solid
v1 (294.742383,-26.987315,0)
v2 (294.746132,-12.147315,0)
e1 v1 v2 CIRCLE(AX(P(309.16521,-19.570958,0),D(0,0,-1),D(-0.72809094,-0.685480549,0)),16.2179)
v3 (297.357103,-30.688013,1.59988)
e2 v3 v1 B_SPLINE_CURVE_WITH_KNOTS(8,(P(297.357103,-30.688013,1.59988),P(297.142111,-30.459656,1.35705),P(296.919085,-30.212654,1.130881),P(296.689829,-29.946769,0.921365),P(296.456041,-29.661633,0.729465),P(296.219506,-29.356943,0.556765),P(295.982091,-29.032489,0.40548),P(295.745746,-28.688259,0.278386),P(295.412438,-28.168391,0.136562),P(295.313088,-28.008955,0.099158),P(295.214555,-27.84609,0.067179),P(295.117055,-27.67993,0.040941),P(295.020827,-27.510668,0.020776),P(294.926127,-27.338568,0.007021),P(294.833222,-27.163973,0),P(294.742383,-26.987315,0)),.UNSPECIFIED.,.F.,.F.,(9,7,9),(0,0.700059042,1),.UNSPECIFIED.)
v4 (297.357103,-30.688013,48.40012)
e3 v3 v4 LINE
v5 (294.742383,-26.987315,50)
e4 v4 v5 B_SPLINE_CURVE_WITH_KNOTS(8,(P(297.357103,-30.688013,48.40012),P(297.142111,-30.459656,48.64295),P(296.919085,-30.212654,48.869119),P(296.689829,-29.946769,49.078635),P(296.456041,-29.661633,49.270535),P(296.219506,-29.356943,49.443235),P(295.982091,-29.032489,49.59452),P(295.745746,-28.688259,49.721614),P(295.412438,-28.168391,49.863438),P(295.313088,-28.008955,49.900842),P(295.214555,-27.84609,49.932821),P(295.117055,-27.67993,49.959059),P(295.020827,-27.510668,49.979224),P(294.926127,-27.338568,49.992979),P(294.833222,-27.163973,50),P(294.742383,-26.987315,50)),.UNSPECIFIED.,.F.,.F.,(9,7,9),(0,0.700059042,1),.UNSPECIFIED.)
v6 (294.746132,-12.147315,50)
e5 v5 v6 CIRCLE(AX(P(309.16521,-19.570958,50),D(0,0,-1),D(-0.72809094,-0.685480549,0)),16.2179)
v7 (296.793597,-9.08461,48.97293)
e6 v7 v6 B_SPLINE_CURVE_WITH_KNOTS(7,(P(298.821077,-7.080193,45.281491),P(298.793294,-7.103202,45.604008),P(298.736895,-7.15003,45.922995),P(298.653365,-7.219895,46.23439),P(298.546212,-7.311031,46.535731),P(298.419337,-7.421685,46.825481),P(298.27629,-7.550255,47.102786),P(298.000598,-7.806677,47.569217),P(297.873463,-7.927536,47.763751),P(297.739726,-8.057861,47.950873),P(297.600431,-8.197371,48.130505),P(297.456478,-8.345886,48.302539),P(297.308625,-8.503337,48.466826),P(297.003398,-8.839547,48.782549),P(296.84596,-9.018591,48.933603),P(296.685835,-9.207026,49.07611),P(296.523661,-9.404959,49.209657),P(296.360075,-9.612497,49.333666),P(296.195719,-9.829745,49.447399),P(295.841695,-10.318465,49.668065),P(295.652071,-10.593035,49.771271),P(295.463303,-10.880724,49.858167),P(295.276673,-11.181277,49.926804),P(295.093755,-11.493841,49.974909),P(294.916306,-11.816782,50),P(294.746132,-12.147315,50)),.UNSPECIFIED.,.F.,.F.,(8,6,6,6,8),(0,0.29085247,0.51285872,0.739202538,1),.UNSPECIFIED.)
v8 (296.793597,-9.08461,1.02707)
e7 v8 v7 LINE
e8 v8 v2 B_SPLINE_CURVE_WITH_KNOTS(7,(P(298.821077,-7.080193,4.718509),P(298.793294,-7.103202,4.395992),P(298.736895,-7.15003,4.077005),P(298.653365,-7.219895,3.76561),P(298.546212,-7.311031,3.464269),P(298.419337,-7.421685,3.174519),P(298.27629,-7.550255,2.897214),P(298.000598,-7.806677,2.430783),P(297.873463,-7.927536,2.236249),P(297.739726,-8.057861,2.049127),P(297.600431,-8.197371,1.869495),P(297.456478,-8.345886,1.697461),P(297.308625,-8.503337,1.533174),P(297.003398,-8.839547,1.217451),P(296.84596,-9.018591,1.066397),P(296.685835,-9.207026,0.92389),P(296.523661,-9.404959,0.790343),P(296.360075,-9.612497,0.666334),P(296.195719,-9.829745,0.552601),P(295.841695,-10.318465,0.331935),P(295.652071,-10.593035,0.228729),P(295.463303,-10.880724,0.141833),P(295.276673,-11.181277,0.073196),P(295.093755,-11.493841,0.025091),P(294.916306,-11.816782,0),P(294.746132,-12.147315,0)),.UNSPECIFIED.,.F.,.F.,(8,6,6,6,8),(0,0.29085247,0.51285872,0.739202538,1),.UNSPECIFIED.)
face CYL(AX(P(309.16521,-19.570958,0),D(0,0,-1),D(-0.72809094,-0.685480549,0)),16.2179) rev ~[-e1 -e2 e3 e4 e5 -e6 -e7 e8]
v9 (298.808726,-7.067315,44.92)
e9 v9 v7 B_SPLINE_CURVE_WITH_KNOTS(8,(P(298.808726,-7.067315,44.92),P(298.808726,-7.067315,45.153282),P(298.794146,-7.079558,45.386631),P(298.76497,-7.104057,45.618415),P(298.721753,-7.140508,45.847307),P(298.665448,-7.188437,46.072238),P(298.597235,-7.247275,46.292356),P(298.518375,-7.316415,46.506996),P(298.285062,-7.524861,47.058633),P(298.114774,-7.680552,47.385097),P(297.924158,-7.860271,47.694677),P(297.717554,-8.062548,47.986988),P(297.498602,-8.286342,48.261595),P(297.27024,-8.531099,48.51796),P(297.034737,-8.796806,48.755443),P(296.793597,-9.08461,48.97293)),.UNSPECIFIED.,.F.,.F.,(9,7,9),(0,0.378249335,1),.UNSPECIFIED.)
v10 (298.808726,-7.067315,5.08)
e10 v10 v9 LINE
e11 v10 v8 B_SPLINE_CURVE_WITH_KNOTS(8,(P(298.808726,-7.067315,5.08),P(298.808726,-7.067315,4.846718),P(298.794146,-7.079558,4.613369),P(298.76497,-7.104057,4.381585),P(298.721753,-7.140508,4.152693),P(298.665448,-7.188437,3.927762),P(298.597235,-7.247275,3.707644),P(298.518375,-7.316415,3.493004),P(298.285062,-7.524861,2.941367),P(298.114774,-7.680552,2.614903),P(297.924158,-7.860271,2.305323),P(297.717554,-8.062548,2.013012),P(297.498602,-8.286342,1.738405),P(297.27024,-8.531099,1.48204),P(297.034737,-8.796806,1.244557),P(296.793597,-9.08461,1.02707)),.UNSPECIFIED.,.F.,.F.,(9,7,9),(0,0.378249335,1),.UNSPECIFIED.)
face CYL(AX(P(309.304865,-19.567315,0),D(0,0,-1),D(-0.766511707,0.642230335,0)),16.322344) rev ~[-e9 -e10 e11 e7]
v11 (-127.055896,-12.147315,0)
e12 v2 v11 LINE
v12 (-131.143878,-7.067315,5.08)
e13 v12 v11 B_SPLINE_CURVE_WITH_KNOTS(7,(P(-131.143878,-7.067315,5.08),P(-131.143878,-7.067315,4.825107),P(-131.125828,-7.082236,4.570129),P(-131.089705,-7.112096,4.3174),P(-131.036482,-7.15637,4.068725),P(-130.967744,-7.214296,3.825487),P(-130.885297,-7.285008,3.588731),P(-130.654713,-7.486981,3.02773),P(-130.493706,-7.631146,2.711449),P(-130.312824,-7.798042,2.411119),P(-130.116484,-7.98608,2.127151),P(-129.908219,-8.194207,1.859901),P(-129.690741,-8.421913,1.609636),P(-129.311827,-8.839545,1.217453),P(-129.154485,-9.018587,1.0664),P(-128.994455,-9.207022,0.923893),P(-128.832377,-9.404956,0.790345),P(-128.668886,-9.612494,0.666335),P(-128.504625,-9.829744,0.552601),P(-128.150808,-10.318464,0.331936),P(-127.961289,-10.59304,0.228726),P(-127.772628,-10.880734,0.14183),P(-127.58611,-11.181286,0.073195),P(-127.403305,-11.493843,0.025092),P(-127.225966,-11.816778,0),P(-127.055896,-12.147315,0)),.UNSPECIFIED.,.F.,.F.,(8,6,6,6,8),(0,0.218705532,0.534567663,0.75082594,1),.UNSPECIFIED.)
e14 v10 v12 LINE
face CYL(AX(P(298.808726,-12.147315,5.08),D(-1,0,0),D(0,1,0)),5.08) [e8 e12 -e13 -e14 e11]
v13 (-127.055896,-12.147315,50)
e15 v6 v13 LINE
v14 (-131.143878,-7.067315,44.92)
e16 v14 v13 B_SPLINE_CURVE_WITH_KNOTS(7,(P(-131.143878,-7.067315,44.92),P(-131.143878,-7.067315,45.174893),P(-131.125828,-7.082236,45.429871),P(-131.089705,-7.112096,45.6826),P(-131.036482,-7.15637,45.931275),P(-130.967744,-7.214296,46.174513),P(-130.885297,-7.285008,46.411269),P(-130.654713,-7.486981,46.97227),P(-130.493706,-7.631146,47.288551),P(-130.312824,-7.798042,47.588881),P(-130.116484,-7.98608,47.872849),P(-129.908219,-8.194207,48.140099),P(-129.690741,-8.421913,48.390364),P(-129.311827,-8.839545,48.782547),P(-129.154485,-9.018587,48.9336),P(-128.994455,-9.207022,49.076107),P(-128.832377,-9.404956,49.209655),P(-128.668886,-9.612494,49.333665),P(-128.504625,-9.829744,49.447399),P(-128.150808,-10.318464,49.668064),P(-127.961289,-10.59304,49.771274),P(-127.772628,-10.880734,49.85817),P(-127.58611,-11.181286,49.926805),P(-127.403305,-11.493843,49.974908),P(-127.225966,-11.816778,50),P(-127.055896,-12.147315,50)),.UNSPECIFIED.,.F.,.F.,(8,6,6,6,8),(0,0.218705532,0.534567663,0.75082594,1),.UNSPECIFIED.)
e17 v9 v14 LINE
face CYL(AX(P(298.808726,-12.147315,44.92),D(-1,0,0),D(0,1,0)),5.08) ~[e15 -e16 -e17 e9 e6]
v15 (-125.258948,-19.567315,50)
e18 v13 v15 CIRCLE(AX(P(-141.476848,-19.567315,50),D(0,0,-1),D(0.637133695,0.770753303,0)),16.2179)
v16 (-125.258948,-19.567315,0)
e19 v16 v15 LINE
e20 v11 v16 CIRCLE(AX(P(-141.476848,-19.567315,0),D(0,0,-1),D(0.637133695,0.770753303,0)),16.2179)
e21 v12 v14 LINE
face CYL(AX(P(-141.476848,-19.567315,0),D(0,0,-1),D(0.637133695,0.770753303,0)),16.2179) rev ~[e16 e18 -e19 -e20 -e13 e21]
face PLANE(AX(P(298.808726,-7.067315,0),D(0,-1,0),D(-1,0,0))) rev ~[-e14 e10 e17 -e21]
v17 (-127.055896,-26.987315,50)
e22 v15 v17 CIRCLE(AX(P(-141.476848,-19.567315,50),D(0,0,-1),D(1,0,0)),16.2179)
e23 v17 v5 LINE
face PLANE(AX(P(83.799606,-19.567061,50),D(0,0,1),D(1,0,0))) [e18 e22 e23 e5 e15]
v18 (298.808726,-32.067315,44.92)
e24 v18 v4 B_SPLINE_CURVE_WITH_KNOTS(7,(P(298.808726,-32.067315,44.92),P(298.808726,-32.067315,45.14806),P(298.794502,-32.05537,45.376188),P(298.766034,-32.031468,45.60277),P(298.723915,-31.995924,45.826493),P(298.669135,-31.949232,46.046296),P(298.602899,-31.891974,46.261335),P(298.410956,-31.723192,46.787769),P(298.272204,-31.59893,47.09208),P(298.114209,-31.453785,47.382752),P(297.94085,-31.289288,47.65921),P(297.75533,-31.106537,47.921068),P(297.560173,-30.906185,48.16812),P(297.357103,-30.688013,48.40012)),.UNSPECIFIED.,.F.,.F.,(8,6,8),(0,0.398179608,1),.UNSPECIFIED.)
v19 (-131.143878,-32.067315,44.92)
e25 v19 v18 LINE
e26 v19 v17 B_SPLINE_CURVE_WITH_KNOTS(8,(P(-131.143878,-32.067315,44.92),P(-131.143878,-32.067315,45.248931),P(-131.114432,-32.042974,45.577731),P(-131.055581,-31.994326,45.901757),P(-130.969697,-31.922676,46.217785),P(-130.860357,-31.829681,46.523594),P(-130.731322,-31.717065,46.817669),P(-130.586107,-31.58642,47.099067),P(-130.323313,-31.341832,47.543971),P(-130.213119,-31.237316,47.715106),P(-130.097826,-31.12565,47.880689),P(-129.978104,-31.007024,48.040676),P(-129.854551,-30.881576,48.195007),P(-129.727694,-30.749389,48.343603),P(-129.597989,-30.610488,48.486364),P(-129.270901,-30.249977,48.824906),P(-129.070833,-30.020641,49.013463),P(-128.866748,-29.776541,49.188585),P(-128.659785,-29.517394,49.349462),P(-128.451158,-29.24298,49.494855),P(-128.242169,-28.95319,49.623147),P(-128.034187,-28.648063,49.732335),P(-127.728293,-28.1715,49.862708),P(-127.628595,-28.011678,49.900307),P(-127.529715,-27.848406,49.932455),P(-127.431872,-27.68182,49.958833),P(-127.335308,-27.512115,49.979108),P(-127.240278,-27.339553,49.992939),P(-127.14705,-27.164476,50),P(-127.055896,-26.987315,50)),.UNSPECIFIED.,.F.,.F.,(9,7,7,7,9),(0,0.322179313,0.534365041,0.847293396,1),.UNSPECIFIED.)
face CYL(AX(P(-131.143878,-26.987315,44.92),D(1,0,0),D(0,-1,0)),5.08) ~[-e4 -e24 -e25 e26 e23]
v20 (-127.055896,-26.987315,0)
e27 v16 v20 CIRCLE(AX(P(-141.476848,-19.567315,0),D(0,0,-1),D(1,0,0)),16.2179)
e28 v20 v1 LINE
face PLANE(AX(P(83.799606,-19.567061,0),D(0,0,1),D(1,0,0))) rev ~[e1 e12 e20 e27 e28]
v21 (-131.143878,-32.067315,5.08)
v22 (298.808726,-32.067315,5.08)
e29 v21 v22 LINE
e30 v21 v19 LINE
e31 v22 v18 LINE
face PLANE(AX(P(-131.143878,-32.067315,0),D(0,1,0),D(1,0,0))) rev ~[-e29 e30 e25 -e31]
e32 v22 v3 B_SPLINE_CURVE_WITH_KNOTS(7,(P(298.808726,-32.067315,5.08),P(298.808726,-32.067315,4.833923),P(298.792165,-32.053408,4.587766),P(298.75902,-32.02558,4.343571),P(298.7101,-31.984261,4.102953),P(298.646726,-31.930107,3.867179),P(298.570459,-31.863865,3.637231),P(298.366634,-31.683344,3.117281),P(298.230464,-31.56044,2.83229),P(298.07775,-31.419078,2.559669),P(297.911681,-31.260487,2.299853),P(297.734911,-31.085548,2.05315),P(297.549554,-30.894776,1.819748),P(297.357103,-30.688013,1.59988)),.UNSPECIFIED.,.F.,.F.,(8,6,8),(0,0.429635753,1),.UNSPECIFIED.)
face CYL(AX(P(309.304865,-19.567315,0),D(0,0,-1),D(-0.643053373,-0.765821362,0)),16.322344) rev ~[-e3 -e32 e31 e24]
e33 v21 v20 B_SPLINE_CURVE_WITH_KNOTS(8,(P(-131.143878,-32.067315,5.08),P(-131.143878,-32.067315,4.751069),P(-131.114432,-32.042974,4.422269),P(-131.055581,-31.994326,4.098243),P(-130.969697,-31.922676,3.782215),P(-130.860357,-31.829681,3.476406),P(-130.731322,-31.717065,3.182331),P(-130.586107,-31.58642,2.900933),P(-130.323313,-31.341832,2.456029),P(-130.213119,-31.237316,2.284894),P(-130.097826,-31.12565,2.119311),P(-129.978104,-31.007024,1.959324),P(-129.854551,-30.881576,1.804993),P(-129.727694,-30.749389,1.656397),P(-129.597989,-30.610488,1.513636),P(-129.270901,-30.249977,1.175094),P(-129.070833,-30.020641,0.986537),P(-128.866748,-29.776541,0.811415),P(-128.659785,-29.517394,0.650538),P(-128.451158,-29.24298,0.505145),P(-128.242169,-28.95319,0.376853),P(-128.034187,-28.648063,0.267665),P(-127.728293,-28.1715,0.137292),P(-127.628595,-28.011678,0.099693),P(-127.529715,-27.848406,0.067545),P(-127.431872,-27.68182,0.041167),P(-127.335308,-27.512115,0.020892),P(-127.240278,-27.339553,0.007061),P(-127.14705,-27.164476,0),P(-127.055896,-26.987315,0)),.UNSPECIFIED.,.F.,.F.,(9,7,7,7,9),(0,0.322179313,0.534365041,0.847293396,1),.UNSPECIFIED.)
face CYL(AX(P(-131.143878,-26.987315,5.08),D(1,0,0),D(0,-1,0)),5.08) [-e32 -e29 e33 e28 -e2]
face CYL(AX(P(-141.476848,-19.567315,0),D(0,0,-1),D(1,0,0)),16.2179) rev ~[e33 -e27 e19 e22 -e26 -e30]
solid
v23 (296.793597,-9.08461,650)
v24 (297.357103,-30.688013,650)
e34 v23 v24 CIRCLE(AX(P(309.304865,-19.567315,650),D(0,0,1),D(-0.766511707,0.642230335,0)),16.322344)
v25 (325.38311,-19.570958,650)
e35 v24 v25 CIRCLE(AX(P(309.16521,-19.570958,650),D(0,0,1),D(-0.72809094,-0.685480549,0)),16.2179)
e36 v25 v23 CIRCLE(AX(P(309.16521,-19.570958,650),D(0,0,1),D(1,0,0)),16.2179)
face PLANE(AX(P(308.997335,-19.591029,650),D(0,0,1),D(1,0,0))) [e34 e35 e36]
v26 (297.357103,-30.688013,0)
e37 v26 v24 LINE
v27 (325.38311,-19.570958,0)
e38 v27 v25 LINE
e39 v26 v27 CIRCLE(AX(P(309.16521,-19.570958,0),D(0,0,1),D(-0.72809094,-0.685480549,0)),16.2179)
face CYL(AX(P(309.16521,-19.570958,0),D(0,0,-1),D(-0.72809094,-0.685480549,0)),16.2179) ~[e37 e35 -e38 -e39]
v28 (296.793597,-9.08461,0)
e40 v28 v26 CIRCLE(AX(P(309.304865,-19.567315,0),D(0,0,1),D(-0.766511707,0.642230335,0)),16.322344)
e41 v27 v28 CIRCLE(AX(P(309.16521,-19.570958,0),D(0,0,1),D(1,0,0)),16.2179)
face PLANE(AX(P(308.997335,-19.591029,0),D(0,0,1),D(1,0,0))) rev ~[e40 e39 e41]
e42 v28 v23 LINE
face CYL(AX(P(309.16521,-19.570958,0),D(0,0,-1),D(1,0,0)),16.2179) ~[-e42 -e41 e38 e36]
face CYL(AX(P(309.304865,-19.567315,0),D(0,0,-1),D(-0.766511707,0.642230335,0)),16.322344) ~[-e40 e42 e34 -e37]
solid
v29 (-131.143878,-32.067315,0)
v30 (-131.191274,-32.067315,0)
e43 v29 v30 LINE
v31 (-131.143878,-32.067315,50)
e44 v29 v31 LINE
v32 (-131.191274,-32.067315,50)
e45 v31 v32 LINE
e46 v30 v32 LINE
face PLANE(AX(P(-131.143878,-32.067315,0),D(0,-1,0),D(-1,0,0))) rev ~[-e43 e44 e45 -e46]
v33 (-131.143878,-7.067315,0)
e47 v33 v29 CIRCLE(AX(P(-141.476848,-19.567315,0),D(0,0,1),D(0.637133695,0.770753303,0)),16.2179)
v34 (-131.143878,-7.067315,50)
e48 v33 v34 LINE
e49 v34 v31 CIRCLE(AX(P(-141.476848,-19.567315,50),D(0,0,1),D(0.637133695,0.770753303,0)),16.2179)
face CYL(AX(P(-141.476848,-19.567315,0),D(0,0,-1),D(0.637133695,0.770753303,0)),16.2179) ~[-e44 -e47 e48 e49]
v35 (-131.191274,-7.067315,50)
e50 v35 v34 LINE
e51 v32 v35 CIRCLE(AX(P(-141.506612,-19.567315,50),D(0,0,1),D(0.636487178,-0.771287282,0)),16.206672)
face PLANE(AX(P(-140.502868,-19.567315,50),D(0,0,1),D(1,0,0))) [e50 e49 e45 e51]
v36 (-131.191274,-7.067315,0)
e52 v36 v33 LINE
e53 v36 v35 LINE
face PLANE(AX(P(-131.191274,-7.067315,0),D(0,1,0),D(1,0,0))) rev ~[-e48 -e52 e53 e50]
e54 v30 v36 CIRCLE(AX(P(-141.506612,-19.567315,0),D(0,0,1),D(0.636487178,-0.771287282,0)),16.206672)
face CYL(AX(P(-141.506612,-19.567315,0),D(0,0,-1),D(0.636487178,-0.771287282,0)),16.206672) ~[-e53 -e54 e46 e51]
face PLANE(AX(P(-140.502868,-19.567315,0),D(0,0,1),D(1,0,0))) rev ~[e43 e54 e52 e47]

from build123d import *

# Parameters (mm, degrees)
F1_DEPTH = 50
F2_DEPTH = 650
F3_R     = 5.08


with BuildPart() as f1:
    # F0 (on Top) → F1 (new body)
    with BuildSketch(Plane.XY):
        with BuildLine():
            ThreePointArc((-131.1912735713, -32.0673150737), (-125.2999405011, -19.5673150737), (-131.1912735713, -7.0673150737))
            Line((-131.1912735713, -7.0673150737), (-131.1438777998, -7.0673150737))
            ThreePointArc((-131.1438777998, -7.0673150737), (-157.6947483509, -19.5673150737), (-131.1438777998, -32.0673150737))
            Line((-131.1438777998, -32.0673150737), (-131.1912735713, -32.0673150737))
        make_face()
    extrude(amount=F1_DEPTH)


with BuildPart() as f1b:
    # F0 (on Top) → F1, piece 2 (new body)
    with BuildSketch(Plane.XY):
        with BuildLine():
            Line((298.8087264287, -7.0673150737), (-131.1438777998, -7.0673150737))
            ThreePointArc((-131.1438777998, -7.0673150737), (-126.8037545477, -12.6593053274), (-125.2589483509, -19.5673150737))
            ThreePointArc((-125.2589483509, -19.5673150737), (-126.8037545477, -26.4753248199), (-131.1438777998, -32.0673150737))
            Line((-131.1438777998, -32.0673150737), (298.8087264287, -32.0673150737))
            ThreePointArc((298.8087264287, -32.0673150737), (298.0617434777, -31.3999455205), (297.3571034719, -30.688012861))
            ThreePointArc((297.3571034719, -30.688012861), (292.9528239105, -19.9938442344), (296.7935969923, -9.084610384))
            ThreePointArc((296.7935969923, -9.084610384), (297.7570271304, -8.0318755339), (298.8087264287, -7.0673150737))
        make_face()
    extrude(amount=F1_DEPTH)

    # F3
    f3_edges = [f1b.edges().sort_by_distance(p)[0] for p in [
        (83.832424, -32.067315, 50),
        (83.832424, -7.067315, 50),
        (83.832424, -32.067315, 0),
        (83.832424, -7.067315, 0),
    ]]
    fillet(f3_edges, radius=F3_R)


with BuildPart() as f2:
    # F0 (on Top) → F2 (new body)
    with BuildSketch(Plane.XY):
        with BuildLine():
            ThreePointArc((325.3831095318, -19.5709578693), (314.749952382, -4.344962739), (296.7935969923, -9.084610384))
            ThreePointArc((296.7935969923, -9.084610384), (292.988070559, -19.9929248554), (297.3571034719, -30.688012861))
            ThreePointArc((297.3571034719, -30.688012861), (315.1450756315, -34.6461521247), (325.3831095318, -19.5709578693))
        make_face()
    extrude(amount=F2_DEPTH)


solid = Compound([f1.part, f1b.part, f2.part])
